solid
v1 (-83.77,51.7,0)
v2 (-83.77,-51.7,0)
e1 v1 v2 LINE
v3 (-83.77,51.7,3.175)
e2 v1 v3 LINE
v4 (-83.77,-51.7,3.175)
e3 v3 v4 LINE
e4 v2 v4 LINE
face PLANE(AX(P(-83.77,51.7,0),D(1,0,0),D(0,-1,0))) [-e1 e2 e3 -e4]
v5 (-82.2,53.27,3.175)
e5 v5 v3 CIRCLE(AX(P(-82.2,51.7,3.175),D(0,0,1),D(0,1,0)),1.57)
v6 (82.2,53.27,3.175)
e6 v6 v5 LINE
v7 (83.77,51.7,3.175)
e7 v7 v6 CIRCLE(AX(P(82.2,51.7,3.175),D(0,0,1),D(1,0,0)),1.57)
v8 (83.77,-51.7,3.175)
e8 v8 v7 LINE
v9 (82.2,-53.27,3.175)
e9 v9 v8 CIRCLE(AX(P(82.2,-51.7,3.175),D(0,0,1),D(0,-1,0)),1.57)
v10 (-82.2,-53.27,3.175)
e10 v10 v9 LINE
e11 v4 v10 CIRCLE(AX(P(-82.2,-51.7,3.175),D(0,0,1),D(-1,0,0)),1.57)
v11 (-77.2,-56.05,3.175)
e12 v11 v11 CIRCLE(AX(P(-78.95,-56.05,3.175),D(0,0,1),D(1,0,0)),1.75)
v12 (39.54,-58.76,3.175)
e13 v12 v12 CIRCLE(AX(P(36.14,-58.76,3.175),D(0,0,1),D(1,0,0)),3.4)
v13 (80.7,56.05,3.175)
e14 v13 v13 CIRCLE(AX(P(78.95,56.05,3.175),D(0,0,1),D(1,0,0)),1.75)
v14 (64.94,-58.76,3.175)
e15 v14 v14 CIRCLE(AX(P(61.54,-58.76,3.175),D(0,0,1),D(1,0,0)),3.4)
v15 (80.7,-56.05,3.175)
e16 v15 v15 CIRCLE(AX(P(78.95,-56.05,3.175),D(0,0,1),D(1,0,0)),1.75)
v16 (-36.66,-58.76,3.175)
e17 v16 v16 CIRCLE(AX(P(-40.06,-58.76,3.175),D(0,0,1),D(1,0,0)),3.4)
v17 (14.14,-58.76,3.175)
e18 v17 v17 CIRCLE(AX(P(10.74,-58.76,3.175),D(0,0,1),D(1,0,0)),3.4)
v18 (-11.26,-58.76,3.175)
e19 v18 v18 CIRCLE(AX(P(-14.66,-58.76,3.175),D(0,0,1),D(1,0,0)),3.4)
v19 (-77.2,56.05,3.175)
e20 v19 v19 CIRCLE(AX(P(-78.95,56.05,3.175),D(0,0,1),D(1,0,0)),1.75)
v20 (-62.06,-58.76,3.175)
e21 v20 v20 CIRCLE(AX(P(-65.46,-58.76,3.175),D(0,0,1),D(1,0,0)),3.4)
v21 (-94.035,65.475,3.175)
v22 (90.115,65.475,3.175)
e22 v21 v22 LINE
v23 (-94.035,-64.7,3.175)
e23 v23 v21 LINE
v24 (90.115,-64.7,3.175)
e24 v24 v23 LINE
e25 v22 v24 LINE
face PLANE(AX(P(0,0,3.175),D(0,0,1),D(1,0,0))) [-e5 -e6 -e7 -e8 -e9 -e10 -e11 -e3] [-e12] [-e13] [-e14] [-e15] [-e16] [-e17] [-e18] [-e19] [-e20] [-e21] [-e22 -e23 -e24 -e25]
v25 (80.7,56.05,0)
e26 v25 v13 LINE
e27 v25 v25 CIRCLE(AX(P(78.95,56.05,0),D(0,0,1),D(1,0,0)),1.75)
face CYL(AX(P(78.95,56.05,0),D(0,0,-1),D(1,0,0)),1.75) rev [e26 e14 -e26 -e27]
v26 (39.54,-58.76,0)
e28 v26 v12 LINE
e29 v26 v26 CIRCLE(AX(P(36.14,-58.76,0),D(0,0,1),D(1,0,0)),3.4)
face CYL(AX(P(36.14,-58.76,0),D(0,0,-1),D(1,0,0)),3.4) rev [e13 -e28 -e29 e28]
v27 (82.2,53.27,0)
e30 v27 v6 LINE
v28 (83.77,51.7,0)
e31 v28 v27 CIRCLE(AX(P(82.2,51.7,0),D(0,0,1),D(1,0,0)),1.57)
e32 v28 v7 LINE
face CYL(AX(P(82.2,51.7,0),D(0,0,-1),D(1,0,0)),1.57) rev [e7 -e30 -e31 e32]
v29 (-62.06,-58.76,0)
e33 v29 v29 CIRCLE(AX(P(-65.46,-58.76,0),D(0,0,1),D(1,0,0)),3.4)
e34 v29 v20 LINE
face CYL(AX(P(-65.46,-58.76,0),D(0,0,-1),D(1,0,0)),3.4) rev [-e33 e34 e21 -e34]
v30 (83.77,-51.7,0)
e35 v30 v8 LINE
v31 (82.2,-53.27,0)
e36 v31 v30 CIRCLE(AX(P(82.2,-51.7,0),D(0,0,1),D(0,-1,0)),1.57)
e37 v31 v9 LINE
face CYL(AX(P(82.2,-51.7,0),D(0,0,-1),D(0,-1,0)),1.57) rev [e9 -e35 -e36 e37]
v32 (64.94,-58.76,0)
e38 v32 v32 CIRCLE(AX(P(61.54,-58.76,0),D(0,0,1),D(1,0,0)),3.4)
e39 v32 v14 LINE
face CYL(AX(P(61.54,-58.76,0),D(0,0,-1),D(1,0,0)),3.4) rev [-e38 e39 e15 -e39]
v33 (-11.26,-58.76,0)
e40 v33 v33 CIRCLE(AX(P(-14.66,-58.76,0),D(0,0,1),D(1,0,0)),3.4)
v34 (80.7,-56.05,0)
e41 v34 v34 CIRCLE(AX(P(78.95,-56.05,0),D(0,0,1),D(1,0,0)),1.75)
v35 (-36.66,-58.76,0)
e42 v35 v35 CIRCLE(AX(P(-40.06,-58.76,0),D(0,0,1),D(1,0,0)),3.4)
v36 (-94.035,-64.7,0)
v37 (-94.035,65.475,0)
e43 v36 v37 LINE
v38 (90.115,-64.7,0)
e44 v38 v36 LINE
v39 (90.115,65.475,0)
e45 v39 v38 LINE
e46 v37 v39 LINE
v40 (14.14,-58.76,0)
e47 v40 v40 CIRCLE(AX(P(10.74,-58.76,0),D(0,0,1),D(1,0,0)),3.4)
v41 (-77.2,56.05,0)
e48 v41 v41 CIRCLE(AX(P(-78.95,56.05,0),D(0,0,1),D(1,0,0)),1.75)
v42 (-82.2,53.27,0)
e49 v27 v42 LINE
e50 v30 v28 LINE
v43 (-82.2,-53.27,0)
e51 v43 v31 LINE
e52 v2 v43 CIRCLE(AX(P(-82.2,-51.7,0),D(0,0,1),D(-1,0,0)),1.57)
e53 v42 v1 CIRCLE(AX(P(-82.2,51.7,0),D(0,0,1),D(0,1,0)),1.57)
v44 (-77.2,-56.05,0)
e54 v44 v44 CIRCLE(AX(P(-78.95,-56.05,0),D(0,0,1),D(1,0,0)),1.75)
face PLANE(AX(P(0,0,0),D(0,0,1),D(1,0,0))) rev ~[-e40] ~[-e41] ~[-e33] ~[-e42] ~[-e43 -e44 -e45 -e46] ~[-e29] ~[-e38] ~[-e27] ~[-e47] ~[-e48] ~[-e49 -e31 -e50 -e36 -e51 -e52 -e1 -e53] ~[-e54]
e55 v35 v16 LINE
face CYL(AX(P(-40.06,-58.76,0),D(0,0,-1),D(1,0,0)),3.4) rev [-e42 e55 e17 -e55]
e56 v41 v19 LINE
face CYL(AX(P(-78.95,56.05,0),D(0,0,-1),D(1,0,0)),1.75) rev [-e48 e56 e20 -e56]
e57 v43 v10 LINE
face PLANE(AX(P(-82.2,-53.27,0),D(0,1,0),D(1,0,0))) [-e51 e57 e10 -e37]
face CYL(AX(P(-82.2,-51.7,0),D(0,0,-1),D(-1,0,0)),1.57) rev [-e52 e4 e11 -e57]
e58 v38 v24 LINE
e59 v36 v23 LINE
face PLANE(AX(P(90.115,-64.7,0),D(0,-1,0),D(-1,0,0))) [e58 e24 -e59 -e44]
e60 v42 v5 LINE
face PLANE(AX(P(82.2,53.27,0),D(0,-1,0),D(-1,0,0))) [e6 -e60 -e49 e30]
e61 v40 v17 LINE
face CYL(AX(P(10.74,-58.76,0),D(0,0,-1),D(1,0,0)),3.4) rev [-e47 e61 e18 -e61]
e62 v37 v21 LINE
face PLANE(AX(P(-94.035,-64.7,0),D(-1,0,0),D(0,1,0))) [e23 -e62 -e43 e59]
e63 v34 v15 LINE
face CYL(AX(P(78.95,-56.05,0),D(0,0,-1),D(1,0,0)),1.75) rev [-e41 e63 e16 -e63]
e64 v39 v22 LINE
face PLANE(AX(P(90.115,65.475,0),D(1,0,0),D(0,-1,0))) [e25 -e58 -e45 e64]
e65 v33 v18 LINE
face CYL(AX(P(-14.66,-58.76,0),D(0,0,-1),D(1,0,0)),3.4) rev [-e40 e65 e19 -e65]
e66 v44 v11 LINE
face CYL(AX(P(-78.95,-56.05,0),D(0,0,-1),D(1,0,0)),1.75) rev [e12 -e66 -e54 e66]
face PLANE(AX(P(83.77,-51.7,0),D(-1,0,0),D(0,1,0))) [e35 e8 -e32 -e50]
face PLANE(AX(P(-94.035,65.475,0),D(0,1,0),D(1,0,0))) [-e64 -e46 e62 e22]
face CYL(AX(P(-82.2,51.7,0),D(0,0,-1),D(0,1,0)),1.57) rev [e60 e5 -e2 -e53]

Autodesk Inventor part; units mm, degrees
ref_plane "YZ Plane" through (0, 0, 0) normal (1, 0, 0) x (0, 1, 0)
ref_plane "Work Plane1" through (-82.5, -59.605, 0) normal (0, 0, 1) x (1, 0, 0)
sketch "Sketch1" plane through (0, 0, 0) normal (0, 0, 1) x (1, 0, 0)
  circle A0 centre (-78.95, -56.05) radius 1.75 projected
  circle A1 centre (78.95, -56.05) radius 1.75 projected
  circle A2 centre (78.95, 56.05) radius 1.75 projected
  circle A3 centre (-78.95, 56.05) radius 1.75 projected
  line L0 (-94.035, 65.475) -> (90.115, 65.475)
  line L1 (90.115, 65.475) -> (90.115, -64.7)
  line L2 (90.115, -64.7) -> (-94.035, -64.7)
  line L3 (-94.035, -64.7) -> (-94.035, 65.475)
  line L4 (-80.31, 46.61) -> (76.39, 46.61) construction
  line L5 (-80.31, -42.49) -> (-80.31, 46.61) construction
  line L6 (76.39, -42.49) -> (-80.31, -42.49) construction
  line L7 (76.39, 46.61) -> (76.39, -42.49) construction
  line L8 (-72.9099, -18.5541) -> (83.1551, -18.5541)
  line L9 (-82.2, -52) -> (82.2, -52) construction
  line L10 (-82.2, -52) -> (82.2, -52) construction
  circle A4 centre (-65.46, -58.76) radius 3.4
  circle A5 centre (-40.06, -58.76) radius 3.4
  circle A6 centre (-14.66, -58.76) radius 3.4
  circle A7 centre (10.74, -58.76) radius 3.4
  circle A8 centre (36.14, -58.76) radius 3.4
  circle A9 centre (61.54, -58.76) radius 3.4
  line L11 (82.5, -51.7) -> (82.5, 51.7) projected
  line L12 (82.2, 52) -> (-82.2, 52) projected
  line L13 (-82.5, 51.7) -> (-82.5, -51.7) projected
  line L14 (-82.2, -52) -> (82.2, -52) projected
  arc A10 (-82.2, 52) -> (-82.5, 51.7) centre (-82.2, 51.7) ccw projected
  arc A11 (82.5, 51.7) -> (82.2, 52) centre (82.2, 51.7) ccw projected
  arc A12 (82.2, -52) -> (82.5, -51.7) centre (82.2, -51.7) ccw projected
  arc A13 (-82.5, -51.7) -> (-82.2, -52) centre (-82.2, -51.7) ccw projected
  line L15 (-82.2, -53.27) -> (82.2, -53.27)
  arc A14 (82.2, -53.27) -> (83.77, -51.7) centre (82.2, -51.7) ccw
  line L16 (83.77, -51.7) -> (83.77, 51.7)
  arc A15 (83.77, 51.7) -> (82.2, 53.27) centre (82.2, 51.7) ccw
  line L17 (82.2, 53.27) -> (-82.2, 53.27)
  arc A16 (-82.2, 53.27) -> (-83.77, 51.7) centre (-82.2, 51.7) ccw
  line L18 (-83.77, 51.7) -> (-83.77, -51.7)
  arc A17 (-83.77, -51.7) -> (-82.2, -53.27) centre (-82.2, -51.7) ccw
  point P0 (-1.96, -64.7)
  dimension "d1" = 130.175
  dimension "d2" = 184.15
  dimension "d3" = 12.7
  dimension "d4" = 6.8
  dimension "d7" = 25.4
  dimension "d18" = 1.27
ref_plane "Work Plane2" through (-82.5, -59.605, 0) normal (0, 0, 1) x (1, 0, 0)
extrude "Extrusion2" add sketch "Sketch1" along normal blind 3.175 from surface at 0 contours L0 L1 L2 L3
properties part number "New Bezel"
